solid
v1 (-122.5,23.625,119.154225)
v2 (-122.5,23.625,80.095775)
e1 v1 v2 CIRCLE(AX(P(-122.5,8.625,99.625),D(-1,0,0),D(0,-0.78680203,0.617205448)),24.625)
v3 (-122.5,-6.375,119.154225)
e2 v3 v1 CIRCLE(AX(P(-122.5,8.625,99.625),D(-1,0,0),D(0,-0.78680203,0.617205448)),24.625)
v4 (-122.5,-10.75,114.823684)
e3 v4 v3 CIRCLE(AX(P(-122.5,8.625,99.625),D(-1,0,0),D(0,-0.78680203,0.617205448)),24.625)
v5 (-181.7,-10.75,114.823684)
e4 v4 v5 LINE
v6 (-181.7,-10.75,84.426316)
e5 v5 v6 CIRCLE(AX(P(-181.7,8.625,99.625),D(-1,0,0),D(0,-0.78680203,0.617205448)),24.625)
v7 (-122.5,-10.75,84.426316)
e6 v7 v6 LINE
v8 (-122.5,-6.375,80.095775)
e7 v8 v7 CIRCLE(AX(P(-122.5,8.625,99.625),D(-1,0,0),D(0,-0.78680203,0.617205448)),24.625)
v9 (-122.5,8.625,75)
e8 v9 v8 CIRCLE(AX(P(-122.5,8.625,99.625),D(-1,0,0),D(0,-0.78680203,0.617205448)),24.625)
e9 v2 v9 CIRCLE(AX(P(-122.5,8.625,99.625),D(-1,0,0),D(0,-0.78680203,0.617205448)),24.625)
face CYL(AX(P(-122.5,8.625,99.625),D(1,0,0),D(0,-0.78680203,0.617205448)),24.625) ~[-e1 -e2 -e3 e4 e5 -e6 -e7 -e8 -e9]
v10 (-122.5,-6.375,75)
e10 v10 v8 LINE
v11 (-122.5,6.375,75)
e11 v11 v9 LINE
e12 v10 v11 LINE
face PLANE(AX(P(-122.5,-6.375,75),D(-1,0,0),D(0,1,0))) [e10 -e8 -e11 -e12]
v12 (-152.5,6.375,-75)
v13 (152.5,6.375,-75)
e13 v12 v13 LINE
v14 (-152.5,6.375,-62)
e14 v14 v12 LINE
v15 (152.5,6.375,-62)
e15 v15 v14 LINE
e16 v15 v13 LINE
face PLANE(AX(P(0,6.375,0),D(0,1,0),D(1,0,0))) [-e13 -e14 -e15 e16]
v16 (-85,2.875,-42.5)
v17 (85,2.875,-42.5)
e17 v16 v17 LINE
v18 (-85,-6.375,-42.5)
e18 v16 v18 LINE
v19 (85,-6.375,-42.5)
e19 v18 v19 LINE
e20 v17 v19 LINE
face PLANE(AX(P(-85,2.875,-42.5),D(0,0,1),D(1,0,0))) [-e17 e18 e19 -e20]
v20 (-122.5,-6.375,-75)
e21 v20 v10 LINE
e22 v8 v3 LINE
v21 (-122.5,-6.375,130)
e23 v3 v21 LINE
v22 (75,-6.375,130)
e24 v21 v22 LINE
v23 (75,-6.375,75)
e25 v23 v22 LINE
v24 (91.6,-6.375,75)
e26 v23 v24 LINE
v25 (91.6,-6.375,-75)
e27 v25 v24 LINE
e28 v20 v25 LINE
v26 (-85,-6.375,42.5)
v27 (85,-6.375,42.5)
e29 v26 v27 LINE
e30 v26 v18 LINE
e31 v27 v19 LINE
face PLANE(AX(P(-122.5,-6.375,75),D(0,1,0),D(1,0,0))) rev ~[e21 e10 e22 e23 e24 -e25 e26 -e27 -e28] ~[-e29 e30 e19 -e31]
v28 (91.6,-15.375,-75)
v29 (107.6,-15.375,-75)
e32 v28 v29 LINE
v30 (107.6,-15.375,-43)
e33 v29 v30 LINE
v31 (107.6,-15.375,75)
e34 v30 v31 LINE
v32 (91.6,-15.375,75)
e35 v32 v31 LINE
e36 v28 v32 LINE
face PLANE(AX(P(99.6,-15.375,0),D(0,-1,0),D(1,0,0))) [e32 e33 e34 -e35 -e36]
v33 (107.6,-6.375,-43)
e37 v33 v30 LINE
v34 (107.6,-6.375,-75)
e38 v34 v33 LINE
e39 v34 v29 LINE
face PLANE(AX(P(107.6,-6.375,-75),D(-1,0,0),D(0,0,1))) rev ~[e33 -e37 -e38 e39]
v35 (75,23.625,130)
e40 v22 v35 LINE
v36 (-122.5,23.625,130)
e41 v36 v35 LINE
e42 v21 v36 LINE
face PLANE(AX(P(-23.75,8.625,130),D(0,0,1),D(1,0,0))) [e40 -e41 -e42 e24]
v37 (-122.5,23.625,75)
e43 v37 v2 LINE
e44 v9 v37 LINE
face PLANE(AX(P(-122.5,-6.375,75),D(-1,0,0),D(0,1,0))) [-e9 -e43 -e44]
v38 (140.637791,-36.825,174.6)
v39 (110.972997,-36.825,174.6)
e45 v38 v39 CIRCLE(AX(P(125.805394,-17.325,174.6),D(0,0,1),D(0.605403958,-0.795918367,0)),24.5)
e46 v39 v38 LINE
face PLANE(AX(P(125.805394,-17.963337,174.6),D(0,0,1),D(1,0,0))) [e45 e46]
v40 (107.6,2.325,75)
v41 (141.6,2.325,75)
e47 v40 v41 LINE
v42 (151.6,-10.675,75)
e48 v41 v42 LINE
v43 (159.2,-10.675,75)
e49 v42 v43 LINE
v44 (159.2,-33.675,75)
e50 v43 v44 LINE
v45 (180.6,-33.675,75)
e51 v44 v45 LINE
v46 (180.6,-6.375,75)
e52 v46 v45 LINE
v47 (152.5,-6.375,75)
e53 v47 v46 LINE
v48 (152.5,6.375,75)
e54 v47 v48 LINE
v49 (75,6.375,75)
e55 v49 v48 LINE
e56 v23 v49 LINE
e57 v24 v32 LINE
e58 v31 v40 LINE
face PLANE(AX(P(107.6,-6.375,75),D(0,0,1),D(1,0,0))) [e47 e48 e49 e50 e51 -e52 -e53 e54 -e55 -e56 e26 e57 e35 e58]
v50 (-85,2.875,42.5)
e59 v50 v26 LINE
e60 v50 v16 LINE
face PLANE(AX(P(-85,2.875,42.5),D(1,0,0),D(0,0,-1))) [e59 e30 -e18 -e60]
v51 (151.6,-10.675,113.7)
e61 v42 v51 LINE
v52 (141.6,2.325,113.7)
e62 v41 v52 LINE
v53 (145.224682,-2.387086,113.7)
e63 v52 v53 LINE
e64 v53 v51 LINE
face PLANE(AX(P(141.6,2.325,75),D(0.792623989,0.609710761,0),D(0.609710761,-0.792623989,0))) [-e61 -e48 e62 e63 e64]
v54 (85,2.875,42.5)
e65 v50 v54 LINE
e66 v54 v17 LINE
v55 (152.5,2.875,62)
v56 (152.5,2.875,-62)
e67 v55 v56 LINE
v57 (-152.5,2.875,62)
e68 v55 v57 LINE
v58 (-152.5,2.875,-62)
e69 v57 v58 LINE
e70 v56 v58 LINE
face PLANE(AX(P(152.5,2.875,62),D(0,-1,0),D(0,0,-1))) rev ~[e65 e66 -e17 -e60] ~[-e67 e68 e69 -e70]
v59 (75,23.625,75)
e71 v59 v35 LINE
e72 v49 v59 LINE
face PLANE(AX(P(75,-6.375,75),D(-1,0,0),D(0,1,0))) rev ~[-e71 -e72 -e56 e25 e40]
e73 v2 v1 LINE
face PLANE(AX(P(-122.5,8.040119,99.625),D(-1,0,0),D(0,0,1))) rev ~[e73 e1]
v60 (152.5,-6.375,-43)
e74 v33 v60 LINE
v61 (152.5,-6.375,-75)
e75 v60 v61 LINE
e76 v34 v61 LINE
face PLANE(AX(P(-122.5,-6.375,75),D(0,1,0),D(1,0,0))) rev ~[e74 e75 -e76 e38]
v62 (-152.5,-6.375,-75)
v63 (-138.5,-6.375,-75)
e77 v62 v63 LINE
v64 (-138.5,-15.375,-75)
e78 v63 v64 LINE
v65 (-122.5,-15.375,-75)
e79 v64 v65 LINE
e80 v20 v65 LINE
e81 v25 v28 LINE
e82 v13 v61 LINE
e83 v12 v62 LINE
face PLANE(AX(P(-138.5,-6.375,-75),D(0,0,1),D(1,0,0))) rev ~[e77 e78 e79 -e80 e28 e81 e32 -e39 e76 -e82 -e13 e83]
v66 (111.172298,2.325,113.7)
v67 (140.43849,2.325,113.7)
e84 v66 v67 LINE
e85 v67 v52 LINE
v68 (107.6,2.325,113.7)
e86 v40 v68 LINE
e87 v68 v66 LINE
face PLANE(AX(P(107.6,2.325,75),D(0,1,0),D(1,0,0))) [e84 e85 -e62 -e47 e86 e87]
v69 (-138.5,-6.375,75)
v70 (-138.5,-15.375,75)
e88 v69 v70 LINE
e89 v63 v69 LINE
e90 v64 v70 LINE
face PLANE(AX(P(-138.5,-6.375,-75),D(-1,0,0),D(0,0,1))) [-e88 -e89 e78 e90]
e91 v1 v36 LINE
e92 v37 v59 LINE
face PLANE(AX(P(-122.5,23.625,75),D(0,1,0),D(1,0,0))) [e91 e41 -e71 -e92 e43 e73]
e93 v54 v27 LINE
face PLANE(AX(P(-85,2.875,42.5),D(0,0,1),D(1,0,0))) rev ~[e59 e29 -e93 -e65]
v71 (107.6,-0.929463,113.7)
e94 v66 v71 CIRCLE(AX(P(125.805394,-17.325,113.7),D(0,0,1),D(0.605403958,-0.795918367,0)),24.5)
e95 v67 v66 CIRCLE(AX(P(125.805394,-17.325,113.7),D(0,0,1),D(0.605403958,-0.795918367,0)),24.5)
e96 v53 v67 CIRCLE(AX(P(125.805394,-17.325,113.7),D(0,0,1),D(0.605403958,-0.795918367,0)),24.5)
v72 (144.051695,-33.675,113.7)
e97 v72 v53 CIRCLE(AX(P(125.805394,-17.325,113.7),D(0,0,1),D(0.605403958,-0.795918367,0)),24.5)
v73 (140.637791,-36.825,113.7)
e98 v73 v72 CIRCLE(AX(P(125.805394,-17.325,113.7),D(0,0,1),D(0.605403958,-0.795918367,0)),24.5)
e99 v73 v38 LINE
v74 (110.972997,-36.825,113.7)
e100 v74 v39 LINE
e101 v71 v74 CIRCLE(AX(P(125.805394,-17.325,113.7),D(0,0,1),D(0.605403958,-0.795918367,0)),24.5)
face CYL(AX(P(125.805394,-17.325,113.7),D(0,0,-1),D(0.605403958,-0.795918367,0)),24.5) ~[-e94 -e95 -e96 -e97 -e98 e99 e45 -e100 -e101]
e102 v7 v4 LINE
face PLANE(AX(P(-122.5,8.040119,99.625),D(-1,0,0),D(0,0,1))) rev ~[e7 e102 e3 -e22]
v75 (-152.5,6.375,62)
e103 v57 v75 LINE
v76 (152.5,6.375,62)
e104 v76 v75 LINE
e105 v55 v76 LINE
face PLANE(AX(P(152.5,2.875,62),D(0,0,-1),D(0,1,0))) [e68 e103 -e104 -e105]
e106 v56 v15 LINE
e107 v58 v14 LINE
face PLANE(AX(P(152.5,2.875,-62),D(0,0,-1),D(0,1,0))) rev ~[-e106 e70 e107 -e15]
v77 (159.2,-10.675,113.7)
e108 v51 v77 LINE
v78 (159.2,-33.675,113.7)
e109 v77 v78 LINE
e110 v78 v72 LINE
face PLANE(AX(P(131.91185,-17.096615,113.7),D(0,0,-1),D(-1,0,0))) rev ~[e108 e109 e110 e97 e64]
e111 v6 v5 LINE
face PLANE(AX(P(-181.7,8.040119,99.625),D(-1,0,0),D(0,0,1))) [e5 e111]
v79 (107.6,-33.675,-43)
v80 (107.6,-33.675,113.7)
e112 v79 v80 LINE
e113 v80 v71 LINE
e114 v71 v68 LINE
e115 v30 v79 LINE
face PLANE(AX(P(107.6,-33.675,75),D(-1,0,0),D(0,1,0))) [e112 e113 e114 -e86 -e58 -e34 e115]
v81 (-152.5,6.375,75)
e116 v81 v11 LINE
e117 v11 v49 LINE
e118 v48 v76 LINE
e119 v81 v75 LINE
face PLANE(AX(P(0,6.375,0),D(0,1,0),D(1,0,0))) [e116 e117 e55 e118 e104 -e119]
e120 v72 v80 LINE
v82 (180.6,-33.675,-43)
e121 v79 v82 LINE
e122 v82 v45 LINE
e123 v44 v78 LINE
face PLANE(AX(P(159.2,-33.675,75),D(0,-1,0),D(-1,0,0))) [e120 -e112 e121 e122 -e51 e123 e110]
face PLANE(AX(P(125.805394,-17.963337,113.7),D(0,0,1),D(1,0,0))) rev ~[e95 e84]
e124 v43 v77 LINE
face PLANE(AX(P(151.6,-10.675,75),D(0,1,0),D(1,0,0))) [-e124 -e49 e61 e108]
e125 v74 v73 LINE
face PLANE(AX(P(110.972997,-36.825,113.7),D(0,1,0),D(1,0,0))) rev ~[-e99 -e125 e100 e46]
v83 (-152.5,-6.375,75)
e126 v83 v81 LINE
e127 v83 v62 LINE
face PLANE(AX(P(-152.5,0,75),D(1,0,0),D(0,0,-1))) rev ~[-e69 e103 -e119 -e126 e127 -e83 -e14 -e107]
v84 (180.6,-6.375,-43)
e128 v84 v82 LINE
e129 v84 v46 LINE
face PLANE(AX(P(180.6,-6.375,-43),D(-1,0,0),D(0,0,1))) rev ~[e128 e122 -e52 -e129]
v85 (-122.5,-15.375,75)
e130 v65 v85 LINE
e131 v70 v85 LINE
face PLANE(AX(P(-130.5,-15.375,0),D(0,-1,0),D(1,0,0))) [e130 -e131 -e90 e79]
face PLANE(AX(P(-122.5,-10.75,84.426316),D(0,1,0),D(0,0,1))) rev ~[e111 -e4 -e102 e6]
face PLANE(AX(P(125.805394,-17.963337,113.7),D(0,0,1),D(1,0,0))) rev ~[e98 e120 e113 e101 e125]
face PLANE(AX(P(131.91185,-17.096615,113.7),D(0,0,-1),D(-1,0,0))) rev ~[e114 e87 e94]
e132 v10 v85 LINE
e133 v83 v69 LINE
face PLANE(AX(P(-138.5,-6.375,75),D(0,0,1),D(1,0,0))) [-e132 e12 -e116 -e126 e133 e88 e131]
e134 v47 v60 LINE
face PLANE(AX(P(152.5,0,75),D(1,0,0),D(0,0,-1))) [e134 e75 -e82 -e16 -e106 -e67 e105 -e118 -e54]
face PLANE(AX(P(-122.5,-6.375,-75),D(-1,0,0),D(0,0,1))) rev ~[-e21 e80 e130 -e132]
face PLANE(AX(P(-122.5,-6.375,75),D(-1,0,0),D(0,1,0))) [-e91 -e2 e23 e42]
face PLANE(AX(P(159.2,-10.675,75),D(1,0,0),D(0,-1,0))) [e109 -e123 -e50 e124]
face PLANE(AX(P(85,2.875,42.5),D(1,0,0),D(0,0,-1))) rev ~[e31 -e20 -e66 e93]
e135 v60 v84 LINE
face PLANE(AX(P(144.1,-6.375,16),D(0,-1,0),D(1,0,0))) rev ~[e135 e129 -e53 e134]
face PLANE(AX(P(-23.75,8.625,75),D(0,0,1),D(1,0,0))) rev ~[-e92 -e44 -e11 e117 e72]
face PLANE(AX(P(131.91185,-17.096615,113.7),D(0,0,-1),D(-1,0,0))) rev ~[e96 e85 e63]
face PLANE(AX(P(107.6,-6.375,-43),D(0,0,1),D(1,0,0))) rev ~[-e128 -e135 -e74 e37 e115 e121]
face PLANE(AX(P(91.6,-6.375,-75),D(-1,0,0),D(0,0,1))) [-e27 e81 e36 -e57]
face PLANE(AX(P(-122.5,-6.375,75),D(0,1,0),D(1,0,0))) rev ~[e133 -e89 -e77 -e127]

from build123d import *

# Parameters (mm, degrees)
SKETCH2_W           = 305
SKETCH2_H           = 150
BOSS_EXTRUDE1_DEPTH = 6.375
SKETCH3_W           = 124
SKETCH3_H           = 3.5
CUT_EXTRUDE1_DEPTH  = 306
SKETCH4_W           = 197.5
SKETCH4_H           = 30
BOSS_EXTRUDE2_DEPTH = 55
BOSS_EXTRUDE3_DEPTH = 59.2
SKETCH6_W           = 73
SKETCH6_H           = 118
BOSS_EXTRUDE4_DEPTH = 27.3
BOSS_EXTRUDE5_DEPTH = 38.7
BOSS_EXTRUDE6_DEPTH = 60.9
SKETCH9_W           = 16
SKETCH9_H           = 150
BOSS_EXTRUDE7_DEPTH = 9
SKETCH10_W          = 170
SKETCH10_H          = 85
CUT_EXTRUDE2_DEPTH  = 40.7


with BuildPart() as part:
    # Sketch2 → Boss-Extrude1 (new body, symmetric)
    with BuildSketch(Plane(origin=(0, 0, 0), x_dir=(1, 0, 0), z_dir=(0, 1, 0))):
        Rectangle(SKETCH2_W, SKETCH2_H)
    extrude(amount=BOSS_EXTRUDE1_DEPTH, both=True)

    # Sketch3 → Cut-Extrude1 (cut, through all)
    with BuildSketch(Plane(origin=(152.5, 0, 0), x_dir=(0, 0, -1), z_dir=(1, 0, 0))):
        with Locations((0, 4.625)):
            Rectangle(SKETCH3_W, SKETCH3_H)
    extrude(amount=-CUT_EXTRUDE1_DEPTH, mode=Mode.SUBTRACT)

    # Sketch4 → Boss-Extrude2 (add)
    with BuildSketch(Plane.XY.offset(75)):
        with Locations((-23.75, 8.625)):
            Rectangle(SKETCH4_W, SKETCH4_H)
    extrude(amount=BOSS_EXTRUDE2_DEPTH)

    # Sketch5 → Boss-Extrude3 (add)
    with BuildSketch(Plane.ZY.offset(122.5)):
        with BuildLine():
            Line((84.426315846, -10.75), (114.823684154, -10.75))
            ThreePointArc((114.823684154, -10.75), (99.625, 33.25), (84.426315846, -10.75))
        make_face()
    extrude(amount=BOSS_EXTRUDE3_DEPTH)

    # Sketch6 → Boss-Extrude4 (add)
    with BuildSketch(Plane.XZ.offset(6.375)):
        with Locations((144.1, 16)):
            Rectangle(SKETCH6_W, SKETCH6_H)
    extrude(amount=BOSS_EXTRUDE4_DEPTH)

    # Sketch7 → Boss-Extrude5 (add)
    with BuildSketch(Plane.XY.offset(75)):
        Polygon((107.6, -33.675), (107.6, 2.325), (141.6, 2.325), (151.6, -10.675), (159.2, -10.675), (159.2, -33.675), align=None)
    extrude(amount=BOSS_EXTRUDE5_DEPTH)

    # Sketch8 → Boss-Extrude6 (add)
    with BuildSketch(Plane.XY.offset(113.7)):
        with BuildLine():
            Line((110.972997108, -36.825), (140.637791056, -36.825))
            ThreePointArc((140.637791056, -36.825), (125.805394082, 7.175), (110.972997108, -36.825))
        make_face()
    extrude(amount=BOSS_EXTRUDE6_DEPTH)

    # Sketch9 → Boss-Extrude7 (add)
    with BuildSketch(Plane.XZ.offset(6.375)):
        with Locations((-130.5, 0)):
            Rectangle(SKETCH9_W, SKETCH9_H)
        with Locations((99.6, 0)):
            Rectangle(SKETCH9_W, SKETCH9_H)
    extrude(amount=BOSS_EXTRUDE7_DEPTH)

    # Sketch10 → Cut-Extrude2 (cut, through all)
    with BuildSketch(Plane(origin=(0, 2.875, 0), x_dir=(1, 0, 0), z_dir=(0, 1, 0))):
        Rectangle(SKETCH10_W, SKETCH10_H)
    extrude(amount=-CUT_EXTRUDE2_DEPTH, mode=Mode.SUBTRACT)


solid = part.part
